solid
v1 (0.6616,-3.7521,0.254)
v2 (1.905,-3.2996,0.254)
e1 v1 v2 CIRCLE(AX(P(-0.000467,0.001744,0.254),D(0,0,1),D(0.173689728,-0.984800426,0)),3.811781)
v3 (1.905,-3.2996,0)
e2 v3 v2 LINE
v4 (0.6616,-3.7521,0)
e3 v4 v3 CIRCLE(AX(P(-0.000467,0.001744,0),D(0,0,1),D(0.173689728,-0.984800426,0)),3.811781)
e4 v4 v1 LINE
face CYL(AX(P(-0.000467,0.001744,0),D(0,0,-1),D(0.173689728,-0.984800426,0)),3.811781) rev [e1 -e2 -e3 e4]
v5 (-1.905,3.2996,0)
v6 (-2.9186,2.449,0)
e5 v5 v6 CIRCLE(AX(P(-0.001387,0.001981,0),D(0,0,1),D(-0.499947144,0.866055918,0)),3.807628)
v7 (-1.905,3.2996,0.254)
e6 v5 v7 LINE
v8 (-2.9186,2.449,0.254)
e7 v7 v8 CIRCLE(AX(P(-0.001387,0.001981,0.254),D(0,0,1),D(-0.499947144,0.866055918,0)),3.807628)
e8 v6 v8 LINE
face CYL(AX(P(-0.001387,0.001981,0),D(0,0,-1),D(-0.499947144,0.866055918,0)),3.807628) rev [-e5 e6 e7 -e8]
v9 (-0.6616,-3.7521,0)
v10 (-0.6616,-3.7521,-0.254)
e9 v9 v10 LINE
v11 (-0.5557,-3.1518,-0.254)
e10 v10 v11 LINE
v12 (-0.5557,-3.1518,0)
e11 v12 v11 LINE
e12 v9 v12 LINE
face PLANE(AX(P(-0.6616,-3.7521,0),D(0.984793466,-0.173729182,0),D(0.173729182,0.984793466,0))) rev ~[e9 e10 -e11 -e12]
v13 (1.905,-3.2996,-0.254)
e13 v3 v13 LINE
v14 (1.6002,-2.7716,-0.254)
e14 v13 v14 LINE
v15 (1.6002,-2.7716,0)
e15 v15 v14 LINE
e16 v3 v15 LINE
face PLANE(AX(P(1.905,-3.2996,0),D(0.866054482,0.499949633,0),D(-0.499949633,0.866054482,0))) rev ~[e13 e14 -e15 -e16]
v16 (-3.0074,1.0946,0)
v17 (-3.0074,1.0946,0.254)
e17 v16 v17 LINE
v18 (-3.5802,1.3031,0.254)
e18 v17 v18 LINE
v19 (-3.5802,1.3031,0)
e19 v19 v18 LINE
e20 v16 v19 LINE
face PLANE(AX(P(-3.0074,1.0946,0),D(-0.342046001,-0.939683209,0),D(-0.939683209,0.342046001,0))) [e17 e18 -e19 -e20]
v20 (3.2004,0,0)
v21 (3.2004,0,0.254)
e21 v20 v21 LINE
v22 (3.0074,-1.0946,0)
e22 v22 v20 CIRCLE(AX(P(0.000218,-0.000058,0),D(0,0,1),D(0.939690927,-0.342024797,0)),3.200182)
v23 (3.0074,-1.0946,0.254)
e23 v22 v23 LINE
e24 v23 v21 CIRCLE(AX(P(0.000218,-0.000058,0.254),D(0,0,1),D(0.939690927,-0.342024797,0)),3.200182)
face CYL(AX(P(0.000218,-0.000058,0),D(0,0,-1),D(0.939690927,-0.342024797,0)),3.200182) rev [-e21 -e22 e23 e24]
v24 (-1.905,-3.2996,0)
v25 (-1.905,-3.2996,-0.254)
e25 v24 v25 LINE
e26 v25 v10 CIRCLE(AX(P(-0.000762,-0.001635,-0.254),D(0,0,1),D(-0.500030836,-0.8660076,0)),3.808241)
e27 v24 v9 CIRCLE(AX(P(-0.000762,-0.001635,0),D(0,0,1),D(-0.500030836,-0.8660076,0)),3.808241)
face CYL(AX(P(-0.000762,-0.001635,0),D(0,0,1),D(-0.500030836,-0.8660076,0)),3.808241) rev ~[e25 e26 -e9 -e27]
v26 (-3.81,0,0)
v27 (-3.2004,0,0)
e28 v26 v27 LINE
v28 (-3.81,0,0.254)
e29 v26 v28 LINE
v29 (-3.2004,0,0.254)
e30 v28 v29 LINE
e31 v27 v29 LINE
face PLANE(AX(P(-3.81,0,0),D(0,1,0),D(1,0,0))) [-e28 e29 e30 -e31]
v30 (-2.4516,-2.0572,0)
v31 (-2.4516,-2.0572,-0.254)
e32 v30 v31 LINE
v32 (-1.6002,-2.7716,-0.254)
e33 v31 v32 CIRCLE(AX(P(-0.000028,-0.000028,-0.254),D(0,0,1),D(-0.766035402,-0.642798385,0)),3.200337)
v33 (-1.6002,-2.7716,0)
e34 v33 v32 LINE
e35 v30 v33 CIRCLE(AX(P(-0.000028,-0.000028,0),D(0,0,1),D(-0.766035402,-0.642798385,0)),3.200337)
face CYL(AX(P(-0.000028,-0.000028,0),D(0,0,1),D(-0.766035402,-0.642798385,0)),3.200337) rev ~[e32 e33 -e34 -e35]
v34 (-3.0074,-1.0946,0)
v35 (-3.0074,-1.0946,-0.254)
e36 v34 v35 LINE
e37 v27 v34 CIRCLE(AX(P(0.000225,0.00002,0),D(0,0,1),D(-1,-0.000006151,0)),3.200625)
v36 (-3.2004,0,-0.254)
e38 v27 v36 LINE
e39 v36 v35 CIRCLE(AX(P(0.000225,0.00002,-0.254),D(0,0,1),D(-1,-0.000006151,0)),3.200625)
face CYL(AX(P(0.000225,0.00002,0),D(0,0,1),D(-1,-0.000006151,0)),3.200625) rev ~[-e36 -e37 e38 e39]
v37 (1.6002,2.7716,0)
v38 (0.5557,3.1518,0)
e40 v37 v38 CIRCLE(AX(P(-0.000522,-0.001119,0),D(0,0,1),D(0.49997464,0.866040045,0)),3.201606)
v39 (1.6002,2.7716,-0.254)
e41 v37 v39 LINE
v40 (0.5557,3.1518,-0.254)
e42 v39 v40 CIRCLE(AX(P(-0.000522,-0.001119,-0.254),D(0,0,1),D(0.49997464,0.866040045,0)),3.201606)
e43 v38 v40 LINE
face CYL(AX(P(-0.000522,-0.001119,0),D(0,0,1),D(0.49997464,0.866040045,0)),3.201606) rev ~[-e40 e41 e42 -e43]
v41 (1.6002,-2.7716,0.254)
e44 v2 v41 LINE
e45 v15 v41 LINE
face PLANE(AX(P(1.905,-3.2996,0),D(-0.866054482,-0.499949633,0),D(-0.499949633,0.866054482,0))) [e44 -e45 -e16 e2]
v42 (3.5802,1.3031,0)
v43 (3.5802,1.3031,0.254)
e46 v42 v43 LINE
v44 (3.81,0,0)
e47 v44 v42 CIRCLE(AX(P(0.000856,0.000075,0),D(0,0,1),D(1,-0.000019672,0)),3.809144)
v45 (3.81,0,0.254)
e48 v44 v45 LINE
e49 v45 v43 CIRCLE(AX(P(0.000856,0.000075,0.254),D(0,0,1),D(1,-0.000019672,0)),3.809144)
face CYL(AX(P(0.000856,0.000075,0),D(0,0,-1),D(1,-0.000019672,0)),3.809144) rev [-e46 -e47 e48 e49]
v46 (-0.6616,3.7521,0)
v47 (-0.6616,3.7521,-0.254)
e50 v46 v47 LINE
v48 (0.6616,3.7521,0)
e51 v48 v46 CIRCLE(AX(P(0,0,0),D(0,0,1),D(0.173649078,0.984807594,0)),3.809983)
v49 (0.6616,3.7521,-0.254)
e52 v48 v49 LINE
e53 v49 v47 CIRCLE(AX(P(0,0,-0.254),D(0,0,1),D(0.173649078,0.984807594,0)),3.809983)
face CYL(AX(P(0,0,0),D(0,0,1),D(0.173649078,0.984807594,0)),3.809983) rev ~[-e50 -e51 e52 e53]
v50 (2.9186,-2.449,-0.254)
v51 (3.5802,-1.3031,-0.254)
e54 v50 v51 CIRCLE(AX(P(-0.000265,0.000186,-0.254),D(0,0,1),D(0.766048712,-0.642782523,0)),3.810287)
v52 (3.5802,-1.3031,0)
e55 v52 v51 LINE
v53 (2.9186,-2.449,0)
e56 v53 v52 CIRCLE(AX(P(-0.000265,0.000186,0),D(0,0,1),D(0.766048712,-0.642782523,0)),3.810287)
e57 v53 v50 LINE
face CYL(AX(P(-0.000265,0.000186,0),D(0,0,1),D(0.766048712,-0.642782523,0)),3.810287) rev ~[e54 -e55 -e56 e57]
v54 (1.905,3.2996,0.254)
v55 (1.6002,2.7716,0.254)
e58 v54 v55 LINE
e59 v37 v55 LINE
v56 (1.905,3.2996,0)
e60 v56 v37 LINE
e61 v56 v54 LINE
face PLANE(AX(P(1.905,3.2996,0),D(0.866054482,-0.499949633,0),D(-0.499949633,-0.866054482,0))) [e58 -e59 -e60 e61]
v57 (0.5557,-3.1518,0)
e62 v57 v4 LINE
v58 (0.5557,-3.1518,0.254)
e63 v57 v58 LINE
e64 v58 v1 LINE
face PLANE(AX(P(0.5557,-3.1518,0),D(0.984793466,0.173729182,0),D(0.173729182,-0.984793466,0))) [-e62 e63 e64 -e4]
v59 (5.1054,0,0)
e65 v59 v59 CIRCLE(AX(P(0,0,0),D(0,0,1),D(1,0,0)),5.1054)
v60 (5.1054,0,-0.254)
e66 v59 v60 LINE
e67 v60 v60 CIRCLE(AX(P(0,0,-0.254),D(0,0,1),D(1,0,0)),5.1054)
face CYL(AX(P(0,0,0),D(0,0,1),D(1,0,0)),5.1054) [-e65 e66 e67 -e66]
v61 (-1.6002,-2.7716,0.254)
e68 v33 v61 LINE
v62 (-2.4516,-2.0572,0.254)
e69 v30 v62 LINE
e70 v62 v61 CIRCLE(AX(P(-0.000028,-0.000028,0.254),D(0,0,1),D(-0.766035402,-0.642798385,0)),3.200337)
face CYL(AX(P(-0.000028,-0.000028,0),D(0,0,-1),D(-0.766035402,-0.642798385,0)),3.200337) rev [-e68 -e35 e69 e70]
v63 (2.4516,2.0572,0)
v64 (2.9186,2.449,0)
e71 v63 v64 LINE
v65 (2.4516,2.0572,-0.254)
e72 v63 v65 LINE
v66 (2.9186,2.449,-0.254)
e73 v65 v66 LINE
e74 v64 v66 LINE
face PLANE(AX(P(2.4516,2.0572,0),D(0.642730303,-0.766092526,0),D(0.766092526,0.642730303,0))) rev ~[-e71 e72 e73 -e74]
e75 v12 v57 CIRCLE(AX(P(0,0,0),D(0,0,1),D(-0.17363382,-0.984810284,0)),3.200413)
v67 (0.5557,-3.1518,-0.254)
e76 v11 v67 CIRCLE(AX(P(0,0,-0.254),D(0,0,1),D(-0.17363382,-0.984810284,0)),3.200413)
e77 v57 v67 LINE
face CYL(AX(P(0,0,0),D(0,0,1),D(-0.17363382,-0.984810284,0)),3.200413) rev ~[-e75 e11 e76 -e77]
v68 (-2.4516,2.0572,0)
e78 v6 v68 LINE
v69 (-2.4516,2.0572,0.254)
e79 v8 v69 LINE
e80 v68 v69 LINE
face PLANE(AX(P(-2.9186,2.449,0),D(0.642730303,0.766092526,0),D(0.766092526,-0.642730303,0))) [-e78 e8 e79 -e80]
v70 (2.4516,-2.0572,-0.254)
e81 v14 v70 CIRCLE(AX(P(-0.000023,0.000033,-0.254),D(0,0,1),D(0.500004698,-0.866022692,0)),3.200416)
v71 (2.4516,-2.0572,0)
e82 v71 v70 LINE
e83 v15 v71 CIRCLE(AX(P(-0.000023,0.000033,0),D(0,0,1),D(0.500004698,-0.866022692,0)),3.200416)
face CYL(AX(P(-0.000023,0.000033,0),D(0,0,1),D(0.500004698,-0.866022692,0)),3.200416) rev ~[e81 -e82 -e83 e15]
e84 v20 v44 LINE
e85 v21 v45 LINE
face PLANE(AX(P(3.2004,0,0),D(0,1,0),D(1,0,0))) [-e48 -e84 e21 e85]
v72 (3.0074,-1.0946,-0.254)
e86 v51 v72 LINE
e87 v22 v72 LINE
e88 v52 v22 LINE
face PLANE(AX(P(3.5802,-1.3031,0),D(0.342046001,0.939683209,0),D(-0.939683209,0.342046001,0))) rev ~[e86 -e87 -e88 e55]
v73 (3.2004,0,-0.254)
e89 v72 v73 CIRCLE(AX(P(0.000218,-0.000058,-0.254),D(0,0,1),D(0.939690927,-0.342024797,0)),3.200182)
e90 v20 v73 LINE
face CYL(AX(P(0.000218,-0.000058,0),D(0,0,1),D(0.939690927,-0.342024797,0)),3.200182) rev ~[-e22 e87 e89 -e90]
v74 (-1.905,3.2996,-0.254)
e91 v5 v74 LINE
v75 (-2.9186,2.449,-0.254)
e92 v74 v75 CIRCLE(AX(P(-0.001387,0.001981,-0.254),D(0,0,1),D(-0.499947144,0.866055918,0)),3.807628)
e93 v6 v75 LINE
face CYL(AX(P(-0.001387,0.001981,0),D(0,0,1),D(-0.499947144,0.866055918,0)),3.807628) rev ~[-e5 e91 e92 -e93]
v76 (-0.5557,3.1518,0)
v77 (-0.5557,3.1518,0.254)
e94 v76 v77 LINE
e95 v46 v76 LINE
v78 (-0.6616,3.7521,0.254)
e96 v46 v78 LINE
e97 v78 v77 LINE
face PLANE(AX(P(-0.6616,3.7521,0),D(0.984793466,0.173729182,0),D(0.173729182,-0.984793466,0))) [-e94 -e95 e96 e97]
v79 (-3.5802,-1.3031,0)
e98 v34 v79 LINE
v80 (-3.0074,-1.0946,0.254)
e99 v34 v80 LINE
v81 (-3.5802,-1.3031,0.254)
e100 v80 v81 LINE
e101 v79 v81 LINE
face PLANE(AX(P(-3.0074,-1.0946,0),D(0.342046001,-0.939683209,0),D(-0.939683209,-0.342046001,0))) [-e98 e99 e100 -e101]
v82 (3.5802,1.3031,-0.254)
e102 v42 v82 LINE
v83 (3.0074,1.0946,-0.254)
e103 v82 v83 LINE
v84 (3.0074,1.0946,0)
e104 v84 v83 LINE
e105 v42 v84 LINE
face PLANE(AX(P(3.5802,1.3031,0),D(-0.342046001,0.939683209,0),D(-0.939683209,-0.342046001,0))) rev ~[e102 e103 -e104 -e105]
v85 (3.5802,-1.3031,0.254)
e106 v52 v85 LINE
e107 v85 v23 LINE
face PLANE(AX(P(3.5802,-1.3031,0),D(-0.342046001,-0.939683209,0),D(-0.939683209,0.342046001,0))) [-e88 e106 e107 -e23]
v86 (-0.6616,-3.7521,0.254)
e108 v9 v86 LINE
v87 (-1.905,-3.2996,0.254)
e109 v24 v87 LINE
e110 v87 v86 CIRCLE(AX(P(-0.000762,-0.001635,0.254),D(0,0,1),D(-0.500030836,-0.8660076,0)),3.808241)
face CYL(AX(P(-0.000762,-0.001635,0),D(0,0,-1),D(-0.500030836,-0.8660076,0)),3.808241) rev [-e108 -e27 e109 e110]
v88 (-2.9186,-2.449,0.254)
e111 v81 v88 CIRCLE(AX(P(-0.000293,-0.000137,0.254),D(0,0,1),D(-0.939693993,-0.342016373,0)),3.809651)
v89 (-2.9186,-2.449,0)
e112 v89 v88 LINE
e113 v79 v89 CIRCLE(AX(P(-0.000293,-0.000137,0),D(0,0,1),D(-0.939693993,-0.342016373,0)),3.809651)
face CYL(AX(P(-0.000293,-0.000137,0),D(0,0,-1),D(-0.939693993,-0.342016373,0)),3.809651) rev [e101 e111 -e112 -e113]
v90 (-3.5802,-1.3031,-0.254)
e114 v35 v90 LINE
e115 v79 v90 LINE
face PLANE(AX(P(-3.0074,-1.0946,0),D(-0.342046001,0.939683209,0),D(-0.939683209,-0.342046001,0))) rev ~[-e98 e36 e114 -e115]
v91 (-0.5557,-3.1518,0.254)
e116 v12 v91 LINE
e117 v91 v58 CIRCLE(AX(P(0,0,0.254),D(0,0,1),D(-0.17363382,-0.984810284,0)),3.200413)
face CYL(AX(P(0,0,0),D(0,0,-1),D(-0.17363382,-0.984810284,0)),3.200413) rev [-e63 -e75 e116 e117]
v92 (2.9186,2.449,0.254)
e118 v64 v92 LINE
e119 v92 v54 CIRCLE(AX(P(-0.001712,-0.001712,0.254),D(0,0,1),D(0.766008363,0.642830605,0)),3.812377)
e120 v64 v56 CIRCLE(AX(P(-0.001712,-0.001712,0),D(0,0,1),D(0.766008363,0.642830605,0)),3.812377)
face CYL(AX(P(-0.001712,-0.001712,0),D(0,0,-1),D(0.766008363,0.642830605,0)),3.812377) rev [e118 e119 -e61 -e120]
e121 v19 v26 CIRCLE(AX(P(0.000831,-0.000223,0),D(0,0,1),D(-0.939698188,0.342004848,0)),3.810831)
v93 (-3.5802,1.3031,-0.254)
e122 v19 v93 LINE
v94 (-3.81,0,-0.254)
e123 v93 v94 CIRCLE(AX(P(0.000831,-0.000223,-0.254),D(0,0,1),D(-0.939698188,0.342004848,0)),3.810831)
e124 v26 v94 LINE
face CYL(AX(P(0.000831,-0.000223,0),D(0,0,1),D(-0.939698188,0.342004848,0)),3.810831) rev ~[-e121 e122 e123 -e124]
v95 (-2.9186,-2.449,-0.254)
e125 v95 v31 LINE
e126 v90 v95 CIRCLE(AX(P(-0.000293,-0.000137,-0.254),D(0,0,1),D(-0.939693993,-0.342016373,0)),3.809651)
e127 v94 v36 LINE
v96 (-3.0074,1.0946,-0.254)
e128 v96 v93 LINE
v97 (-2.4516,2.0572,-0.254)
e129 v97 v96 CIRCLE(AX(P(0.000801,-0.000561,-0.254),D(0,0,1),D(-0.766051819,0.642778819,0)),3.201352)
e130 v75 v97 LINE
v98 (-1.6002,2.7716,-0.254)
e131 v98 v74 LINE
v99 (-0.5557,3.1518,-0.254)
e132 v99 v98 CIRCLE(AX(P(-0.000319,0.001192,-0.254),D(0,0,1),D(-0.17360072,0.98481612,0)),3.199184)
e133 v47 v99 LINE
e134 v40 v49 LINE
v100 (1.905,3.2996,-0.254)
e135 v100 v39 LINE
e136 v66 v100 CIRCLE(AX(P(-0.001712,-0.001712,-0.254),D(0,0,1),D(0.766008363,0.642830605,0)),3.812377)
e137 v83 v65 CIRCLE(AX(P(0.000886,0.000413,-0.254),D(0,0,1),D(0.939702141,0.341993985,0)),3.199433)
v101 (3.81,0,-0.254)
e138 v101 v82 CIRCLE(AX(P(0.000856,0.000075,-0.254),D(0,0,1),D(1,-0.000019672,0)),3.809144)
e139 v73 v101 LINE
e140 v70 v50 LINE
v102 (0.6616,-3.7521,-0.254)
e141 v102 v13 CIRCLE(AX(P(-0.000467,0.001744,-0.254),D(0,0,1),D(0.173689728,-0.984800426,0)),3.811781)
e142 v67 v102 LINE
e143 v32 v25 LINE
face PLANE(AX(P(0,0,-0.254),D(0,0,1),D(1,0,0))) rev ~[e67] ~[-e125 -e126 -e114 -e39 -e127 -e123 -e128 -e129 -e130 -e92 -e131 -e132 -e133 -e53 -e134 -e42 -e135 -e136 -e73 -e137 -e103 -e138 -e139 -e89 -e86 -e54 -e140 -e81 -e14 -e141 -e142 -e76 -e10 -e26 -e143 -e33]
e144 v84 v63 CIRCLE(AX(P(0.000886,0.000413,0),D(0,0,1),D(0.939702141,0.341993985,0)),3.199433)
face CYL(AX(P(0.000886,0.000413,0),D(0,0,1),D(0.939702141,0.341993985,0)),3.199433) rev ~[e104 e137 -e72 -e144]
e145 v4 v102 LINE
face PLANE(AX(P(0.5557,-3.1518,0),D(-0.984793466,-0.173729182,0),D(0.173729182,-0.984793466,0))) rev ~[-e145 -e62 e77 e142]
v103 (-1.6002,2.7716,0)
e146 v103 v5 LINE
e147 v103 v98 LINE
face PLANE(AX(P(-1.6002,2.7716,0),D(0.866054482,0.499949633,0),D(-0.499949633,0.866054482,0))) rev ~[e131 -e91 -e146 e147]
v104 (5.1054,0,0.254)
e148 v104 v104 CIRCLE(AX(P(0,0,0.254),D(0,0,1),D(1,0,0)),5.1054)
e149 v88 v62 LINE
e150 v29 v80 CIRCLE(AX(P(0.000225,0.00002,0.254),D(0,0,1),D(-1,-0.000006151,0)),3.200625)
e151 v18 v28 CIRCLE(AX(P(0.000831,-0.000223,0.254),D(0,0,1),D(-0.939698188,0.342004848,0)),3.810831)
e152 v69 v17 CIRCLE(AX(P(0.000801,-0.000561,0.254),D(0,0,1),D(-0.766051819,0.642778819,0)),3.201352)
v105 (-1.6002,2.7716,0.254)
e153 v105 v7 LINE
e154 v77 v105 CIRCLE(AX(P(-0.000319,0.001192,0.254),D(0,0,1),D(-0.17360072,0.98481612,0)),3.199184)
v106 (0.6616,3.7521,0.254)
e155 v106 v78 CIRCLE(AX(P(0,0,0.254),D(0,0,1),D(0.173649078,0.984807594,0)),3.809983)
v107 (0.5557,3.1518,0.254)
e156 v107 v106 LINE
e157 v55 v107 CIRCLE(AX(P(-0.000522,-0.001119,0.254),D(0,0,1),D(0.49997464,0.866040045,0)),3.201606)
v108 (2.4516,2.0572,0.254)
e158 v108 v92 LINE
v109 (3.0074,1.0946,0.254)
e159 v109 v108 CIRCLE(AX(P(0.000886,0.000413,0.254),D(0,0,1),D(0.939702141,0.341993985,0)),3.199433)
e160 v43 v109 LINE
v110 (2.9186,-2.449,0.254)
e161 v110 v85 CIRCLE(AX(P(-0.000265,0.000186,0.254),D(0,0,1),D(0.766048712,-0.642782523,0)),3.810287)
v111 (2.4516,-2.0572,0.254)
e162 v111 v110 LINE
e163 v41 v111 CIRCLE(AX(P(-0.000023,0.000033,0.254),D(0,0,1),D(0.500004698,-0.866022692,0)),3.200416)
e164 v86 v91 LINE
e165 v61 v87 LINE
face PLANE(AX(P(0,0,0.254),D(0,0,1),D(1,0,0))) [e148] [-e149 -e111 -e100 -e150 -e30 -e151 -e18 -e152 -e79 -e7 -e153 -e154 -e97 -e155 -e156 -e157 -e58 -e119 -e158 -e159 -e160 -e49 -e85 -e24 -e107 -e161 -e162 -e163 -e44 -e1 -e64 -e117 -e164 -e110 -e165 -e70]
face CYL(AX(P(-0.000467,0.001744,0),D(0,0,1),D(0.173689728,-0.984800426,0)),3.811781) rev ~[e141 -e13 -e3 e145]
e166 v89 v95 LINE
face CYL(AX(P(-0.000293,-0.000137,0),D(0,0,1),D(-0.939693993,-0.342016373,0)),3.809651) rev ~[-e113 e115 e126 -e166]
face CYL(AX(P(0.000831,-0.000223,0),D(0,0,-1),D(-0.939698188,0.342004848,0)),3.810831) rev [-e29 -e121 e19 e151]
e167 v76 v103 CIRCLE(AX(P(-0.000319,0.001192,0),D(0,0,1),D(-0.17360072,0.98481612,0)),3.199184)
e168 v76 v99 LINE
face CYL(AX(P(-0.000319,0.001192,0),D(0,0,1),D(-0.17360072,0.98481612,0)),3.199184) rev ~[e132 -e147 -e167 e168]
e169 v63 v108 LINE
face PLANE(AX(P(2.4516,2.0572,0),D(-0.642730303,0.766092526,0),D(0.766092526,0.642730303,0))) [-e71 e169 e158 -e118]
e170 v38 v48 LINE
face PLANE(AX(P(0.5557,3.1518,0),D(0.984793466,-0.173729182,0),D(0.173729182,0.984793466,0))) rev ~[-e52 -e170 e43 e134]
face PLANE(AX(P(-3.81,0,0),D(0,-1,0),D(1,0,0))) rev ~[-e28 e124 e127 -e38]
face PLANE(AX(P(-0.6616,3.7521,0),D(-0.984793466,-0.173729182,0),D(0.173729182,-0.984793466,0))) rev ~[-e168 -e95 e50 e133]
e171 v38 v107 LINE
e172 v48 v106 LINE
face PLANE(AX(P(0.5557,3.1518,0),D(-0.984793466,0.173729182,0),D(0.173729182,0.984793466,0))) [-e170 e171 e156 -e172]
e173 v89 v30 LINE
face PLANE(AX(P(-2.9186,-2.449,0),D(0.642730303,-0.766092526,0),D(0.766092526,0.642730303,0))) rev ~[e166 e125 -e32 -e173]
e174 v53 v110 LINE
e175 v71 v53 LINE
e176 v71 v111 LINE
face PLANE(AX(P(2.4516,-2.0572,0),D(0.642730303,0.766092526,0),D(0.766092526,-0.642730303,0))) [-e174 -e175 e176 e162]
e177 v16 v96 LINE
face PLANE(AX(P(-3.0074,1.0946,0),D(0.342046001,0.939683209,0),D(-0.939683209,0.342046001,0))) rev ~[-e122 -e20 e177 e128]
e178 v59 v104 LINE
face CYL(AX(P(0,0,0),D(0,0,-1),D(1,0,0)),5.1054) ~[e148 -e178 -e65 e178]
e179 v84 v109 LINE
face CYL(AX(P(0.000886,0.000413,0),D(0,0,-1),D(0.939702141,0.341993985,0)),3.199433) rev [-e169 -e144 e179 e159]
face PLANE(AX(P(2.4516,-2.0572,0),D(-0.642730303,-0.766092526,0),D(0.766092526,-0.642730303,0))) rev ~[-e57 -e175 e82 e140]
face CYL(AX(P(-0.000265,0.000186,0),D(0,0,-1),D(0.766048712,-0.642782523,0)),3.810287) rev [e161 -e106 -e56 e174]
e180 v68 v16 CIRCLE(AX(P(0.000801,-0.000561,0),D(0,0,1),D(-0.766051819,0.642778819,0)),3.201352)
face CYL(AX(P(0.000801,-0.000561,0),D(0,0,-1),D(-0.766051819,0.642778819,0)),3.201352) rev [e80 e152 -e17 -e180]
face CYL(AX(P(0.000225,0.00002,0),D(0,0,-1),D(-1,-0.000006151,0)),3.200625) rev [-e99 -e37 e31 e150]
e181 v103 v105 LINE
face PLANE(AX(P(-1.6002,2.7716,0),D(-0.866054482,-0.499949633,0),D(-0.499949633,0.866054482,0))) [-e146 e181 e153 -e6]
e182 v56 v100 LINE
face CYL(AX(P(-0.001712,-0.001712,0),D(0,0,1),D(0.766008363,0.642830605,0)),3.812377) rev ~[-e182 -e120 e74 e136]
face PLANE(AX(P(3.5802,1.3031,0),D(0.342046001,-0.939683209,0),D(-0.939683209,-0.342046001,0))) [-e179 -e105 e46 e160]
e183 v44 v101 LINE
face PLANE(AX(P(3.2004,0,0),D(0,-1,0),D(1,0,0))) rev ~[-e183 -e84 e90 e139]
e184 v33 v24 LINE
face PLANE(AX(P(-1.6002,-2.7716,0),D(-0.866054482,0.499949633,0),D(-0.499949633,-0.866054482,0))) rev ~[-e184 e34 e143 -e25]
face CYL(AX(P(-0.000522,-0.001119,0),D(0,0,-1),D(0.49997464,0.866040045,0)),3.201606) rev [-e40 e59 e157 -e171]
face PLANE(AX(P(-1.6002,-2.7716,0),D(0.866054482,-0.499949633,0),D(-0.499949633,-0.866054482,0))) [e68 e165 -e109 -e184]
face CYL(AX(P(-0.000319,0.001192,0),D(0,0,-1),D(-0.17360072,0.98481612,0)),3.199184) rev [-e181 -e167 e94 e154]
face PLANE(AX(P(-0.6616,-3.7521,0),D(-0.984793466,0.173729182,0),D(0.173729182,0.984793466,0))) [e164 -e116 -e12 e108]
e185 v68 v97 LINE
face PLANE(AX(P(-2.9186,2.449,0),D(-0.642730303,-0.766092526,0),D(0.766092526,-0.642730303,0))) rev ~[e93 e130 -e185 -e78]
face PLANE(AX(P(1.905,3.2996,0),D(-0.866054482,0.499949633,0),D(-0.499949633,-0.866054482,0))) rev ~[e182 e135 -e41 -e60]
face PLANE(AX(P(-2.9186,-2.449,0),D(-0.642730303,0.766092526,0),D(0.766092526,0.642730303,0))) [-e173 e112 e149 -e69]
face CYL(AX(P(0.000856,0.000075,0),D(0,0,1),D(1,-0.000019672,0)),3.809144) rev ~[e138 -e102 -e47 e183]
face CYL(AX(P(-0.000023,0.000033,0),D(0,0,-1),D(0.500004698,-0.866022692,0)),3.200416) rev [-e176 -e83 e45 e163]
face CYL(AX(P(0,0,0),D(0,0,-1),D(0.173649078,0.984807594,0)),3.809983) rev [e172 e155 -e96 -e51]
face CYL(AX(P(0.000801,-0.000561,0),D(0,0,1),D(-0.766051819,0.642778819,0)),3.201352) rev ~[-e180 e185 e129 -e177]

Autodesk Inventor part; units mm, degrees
sketch "Sketch_2" plane through (0, 0, 0) normal (0, 0, 1) x (1, 0, 0)
  circle A0 centre (0, 0) radius 5.1054
  line L0 (-3.81, 0) -> (-3.2004, 0)
  arc A1 (-3.2004, 0) -> (-3.0074, -1.0946) centre (0, 0) ccw
  line L1 (-3.0074, -1.0946) -> (-3.5802, -1.3031)
  arc A2 (-3.5802, -1.3031) -> (-2.9186, -2.449) centre (0, 0) ccw
  line L2 (-2.9186, -2.449) -> (-2.4516, -2.0572)
  arc A3 (-2.4516, -2.0572) -> (-1.6002, -2.7716) centre (0, 0) ccw
  line L3 (-1.6002, -2.7716) -> (-1.905, -3.2996)
  arc A4 (-1.905, -3.2996) -> (-0.6616, -3.7521) centre (0, 0) ccw
  line L4 (-0.6616, -3.7521) -> (-0.5557, -3.1518)
  arc A5 (-0.5557, -3.1518) -> (0.5557, -3.1518) centre (0, 0) ccw
  line L5 (0.5557, -3.1518) -> (0.6616, -3.7521)
  arc A6 (0.6616, -3.7521) -> (1.905, -3.2996) centre (0, 0) ccw
  line L6 (1.905, -3.2996) -> (1.6002, -2.7716)
  arc A7 (1.6002, -2.7716) -> (2.4516, -2.0572) centre (0, 0) ccw
  line L7 (2.4516, -2.0572) -> (2.9186, -2.449)
  arc A8 (2.9186, -2.449) -> (3.5802, -1.3031) centre (0, 0) ccw
  line L8 (3.5802, -1.3031) -> (3.0074, -1.0946)
  arc A9 (3.0074, -1.0946) -> (3.2004, 0) centre (0, 0) ccw
  line L9 (3.2004, 0) -> (3.81, 0)
  arc A10 (3.81, 0) -> (3.5802, 1.3031) centre (0, 0) ccw
  line L10 (3.5802, 1.3031) -> (3.0074, 1.0946)
  arc A11 (3.0074, 1.0946) -> (2.4516, 2.0572) centre (0, 0) ccw
  line L11 (2.4516, 2.0572) -> (2.9186, 2.449)
  arc A12 (2.9186, 2.449) -> (1.905, 3.2996) centre (0, 0) ccw
  line L12 (1.905, 3.2996) -> (1.6002, 2.7716)
  arc A13 (1.6002, 2.7716) -> (0.5557, 3.1518) centre (0, 0) ccw
  line L13 (0.5557, 3.1518) -> (0.6616, 3.7521)
  arc A14 (0.6616, 3.7521) -> (-0.6616, 3.7521) centre (0, 0) ccw
  line L14 (-0.6616, 3.7521) -> (-0.5557, 3.1518)
  arc A15 (-0.5557, 3.1518) -> (-1.6002, 2.7716) centre (0, 0) ccw
  line L15 (-1.6002, 2.7716) -> (-1.905, 3.2996)
  arc A16 (-1.905, 3.2996) -> (-2.9186, 2.449) centre (0, 0) ccw
  line L16 (-2.9186, 2.449) -> (-2.4516, 2.0572)
  arc A17 (-2.4516, 2.0572) -> (-3.0074, 1.0946) centre (0, 0) ccw
  line L17 (-3.0074, 1.0946) -> (-3.5802, 1.3031)
  arc A18 (-3.5802, 1.3031) -> (-3.81, 0) centre (0, 0) ccw
extrude "Extrusion1" add sketch "Sketch_2" along normal mid plane 0.508
ref_plane "lockwasher_XY" through (0, 0, 0.254) normal (0, 0, 1) x (1, 0, 0)
ref_plane "lockwasher_YZ" through (0, 0, 0.254) normal (1, 0, 0) x (0, 1, 0)
ref_plane "lockwasher_ZX" through (0, 0, 0.254) normal (0, 1, 0) x (0, 0, 1)
properties part number "AT509"
